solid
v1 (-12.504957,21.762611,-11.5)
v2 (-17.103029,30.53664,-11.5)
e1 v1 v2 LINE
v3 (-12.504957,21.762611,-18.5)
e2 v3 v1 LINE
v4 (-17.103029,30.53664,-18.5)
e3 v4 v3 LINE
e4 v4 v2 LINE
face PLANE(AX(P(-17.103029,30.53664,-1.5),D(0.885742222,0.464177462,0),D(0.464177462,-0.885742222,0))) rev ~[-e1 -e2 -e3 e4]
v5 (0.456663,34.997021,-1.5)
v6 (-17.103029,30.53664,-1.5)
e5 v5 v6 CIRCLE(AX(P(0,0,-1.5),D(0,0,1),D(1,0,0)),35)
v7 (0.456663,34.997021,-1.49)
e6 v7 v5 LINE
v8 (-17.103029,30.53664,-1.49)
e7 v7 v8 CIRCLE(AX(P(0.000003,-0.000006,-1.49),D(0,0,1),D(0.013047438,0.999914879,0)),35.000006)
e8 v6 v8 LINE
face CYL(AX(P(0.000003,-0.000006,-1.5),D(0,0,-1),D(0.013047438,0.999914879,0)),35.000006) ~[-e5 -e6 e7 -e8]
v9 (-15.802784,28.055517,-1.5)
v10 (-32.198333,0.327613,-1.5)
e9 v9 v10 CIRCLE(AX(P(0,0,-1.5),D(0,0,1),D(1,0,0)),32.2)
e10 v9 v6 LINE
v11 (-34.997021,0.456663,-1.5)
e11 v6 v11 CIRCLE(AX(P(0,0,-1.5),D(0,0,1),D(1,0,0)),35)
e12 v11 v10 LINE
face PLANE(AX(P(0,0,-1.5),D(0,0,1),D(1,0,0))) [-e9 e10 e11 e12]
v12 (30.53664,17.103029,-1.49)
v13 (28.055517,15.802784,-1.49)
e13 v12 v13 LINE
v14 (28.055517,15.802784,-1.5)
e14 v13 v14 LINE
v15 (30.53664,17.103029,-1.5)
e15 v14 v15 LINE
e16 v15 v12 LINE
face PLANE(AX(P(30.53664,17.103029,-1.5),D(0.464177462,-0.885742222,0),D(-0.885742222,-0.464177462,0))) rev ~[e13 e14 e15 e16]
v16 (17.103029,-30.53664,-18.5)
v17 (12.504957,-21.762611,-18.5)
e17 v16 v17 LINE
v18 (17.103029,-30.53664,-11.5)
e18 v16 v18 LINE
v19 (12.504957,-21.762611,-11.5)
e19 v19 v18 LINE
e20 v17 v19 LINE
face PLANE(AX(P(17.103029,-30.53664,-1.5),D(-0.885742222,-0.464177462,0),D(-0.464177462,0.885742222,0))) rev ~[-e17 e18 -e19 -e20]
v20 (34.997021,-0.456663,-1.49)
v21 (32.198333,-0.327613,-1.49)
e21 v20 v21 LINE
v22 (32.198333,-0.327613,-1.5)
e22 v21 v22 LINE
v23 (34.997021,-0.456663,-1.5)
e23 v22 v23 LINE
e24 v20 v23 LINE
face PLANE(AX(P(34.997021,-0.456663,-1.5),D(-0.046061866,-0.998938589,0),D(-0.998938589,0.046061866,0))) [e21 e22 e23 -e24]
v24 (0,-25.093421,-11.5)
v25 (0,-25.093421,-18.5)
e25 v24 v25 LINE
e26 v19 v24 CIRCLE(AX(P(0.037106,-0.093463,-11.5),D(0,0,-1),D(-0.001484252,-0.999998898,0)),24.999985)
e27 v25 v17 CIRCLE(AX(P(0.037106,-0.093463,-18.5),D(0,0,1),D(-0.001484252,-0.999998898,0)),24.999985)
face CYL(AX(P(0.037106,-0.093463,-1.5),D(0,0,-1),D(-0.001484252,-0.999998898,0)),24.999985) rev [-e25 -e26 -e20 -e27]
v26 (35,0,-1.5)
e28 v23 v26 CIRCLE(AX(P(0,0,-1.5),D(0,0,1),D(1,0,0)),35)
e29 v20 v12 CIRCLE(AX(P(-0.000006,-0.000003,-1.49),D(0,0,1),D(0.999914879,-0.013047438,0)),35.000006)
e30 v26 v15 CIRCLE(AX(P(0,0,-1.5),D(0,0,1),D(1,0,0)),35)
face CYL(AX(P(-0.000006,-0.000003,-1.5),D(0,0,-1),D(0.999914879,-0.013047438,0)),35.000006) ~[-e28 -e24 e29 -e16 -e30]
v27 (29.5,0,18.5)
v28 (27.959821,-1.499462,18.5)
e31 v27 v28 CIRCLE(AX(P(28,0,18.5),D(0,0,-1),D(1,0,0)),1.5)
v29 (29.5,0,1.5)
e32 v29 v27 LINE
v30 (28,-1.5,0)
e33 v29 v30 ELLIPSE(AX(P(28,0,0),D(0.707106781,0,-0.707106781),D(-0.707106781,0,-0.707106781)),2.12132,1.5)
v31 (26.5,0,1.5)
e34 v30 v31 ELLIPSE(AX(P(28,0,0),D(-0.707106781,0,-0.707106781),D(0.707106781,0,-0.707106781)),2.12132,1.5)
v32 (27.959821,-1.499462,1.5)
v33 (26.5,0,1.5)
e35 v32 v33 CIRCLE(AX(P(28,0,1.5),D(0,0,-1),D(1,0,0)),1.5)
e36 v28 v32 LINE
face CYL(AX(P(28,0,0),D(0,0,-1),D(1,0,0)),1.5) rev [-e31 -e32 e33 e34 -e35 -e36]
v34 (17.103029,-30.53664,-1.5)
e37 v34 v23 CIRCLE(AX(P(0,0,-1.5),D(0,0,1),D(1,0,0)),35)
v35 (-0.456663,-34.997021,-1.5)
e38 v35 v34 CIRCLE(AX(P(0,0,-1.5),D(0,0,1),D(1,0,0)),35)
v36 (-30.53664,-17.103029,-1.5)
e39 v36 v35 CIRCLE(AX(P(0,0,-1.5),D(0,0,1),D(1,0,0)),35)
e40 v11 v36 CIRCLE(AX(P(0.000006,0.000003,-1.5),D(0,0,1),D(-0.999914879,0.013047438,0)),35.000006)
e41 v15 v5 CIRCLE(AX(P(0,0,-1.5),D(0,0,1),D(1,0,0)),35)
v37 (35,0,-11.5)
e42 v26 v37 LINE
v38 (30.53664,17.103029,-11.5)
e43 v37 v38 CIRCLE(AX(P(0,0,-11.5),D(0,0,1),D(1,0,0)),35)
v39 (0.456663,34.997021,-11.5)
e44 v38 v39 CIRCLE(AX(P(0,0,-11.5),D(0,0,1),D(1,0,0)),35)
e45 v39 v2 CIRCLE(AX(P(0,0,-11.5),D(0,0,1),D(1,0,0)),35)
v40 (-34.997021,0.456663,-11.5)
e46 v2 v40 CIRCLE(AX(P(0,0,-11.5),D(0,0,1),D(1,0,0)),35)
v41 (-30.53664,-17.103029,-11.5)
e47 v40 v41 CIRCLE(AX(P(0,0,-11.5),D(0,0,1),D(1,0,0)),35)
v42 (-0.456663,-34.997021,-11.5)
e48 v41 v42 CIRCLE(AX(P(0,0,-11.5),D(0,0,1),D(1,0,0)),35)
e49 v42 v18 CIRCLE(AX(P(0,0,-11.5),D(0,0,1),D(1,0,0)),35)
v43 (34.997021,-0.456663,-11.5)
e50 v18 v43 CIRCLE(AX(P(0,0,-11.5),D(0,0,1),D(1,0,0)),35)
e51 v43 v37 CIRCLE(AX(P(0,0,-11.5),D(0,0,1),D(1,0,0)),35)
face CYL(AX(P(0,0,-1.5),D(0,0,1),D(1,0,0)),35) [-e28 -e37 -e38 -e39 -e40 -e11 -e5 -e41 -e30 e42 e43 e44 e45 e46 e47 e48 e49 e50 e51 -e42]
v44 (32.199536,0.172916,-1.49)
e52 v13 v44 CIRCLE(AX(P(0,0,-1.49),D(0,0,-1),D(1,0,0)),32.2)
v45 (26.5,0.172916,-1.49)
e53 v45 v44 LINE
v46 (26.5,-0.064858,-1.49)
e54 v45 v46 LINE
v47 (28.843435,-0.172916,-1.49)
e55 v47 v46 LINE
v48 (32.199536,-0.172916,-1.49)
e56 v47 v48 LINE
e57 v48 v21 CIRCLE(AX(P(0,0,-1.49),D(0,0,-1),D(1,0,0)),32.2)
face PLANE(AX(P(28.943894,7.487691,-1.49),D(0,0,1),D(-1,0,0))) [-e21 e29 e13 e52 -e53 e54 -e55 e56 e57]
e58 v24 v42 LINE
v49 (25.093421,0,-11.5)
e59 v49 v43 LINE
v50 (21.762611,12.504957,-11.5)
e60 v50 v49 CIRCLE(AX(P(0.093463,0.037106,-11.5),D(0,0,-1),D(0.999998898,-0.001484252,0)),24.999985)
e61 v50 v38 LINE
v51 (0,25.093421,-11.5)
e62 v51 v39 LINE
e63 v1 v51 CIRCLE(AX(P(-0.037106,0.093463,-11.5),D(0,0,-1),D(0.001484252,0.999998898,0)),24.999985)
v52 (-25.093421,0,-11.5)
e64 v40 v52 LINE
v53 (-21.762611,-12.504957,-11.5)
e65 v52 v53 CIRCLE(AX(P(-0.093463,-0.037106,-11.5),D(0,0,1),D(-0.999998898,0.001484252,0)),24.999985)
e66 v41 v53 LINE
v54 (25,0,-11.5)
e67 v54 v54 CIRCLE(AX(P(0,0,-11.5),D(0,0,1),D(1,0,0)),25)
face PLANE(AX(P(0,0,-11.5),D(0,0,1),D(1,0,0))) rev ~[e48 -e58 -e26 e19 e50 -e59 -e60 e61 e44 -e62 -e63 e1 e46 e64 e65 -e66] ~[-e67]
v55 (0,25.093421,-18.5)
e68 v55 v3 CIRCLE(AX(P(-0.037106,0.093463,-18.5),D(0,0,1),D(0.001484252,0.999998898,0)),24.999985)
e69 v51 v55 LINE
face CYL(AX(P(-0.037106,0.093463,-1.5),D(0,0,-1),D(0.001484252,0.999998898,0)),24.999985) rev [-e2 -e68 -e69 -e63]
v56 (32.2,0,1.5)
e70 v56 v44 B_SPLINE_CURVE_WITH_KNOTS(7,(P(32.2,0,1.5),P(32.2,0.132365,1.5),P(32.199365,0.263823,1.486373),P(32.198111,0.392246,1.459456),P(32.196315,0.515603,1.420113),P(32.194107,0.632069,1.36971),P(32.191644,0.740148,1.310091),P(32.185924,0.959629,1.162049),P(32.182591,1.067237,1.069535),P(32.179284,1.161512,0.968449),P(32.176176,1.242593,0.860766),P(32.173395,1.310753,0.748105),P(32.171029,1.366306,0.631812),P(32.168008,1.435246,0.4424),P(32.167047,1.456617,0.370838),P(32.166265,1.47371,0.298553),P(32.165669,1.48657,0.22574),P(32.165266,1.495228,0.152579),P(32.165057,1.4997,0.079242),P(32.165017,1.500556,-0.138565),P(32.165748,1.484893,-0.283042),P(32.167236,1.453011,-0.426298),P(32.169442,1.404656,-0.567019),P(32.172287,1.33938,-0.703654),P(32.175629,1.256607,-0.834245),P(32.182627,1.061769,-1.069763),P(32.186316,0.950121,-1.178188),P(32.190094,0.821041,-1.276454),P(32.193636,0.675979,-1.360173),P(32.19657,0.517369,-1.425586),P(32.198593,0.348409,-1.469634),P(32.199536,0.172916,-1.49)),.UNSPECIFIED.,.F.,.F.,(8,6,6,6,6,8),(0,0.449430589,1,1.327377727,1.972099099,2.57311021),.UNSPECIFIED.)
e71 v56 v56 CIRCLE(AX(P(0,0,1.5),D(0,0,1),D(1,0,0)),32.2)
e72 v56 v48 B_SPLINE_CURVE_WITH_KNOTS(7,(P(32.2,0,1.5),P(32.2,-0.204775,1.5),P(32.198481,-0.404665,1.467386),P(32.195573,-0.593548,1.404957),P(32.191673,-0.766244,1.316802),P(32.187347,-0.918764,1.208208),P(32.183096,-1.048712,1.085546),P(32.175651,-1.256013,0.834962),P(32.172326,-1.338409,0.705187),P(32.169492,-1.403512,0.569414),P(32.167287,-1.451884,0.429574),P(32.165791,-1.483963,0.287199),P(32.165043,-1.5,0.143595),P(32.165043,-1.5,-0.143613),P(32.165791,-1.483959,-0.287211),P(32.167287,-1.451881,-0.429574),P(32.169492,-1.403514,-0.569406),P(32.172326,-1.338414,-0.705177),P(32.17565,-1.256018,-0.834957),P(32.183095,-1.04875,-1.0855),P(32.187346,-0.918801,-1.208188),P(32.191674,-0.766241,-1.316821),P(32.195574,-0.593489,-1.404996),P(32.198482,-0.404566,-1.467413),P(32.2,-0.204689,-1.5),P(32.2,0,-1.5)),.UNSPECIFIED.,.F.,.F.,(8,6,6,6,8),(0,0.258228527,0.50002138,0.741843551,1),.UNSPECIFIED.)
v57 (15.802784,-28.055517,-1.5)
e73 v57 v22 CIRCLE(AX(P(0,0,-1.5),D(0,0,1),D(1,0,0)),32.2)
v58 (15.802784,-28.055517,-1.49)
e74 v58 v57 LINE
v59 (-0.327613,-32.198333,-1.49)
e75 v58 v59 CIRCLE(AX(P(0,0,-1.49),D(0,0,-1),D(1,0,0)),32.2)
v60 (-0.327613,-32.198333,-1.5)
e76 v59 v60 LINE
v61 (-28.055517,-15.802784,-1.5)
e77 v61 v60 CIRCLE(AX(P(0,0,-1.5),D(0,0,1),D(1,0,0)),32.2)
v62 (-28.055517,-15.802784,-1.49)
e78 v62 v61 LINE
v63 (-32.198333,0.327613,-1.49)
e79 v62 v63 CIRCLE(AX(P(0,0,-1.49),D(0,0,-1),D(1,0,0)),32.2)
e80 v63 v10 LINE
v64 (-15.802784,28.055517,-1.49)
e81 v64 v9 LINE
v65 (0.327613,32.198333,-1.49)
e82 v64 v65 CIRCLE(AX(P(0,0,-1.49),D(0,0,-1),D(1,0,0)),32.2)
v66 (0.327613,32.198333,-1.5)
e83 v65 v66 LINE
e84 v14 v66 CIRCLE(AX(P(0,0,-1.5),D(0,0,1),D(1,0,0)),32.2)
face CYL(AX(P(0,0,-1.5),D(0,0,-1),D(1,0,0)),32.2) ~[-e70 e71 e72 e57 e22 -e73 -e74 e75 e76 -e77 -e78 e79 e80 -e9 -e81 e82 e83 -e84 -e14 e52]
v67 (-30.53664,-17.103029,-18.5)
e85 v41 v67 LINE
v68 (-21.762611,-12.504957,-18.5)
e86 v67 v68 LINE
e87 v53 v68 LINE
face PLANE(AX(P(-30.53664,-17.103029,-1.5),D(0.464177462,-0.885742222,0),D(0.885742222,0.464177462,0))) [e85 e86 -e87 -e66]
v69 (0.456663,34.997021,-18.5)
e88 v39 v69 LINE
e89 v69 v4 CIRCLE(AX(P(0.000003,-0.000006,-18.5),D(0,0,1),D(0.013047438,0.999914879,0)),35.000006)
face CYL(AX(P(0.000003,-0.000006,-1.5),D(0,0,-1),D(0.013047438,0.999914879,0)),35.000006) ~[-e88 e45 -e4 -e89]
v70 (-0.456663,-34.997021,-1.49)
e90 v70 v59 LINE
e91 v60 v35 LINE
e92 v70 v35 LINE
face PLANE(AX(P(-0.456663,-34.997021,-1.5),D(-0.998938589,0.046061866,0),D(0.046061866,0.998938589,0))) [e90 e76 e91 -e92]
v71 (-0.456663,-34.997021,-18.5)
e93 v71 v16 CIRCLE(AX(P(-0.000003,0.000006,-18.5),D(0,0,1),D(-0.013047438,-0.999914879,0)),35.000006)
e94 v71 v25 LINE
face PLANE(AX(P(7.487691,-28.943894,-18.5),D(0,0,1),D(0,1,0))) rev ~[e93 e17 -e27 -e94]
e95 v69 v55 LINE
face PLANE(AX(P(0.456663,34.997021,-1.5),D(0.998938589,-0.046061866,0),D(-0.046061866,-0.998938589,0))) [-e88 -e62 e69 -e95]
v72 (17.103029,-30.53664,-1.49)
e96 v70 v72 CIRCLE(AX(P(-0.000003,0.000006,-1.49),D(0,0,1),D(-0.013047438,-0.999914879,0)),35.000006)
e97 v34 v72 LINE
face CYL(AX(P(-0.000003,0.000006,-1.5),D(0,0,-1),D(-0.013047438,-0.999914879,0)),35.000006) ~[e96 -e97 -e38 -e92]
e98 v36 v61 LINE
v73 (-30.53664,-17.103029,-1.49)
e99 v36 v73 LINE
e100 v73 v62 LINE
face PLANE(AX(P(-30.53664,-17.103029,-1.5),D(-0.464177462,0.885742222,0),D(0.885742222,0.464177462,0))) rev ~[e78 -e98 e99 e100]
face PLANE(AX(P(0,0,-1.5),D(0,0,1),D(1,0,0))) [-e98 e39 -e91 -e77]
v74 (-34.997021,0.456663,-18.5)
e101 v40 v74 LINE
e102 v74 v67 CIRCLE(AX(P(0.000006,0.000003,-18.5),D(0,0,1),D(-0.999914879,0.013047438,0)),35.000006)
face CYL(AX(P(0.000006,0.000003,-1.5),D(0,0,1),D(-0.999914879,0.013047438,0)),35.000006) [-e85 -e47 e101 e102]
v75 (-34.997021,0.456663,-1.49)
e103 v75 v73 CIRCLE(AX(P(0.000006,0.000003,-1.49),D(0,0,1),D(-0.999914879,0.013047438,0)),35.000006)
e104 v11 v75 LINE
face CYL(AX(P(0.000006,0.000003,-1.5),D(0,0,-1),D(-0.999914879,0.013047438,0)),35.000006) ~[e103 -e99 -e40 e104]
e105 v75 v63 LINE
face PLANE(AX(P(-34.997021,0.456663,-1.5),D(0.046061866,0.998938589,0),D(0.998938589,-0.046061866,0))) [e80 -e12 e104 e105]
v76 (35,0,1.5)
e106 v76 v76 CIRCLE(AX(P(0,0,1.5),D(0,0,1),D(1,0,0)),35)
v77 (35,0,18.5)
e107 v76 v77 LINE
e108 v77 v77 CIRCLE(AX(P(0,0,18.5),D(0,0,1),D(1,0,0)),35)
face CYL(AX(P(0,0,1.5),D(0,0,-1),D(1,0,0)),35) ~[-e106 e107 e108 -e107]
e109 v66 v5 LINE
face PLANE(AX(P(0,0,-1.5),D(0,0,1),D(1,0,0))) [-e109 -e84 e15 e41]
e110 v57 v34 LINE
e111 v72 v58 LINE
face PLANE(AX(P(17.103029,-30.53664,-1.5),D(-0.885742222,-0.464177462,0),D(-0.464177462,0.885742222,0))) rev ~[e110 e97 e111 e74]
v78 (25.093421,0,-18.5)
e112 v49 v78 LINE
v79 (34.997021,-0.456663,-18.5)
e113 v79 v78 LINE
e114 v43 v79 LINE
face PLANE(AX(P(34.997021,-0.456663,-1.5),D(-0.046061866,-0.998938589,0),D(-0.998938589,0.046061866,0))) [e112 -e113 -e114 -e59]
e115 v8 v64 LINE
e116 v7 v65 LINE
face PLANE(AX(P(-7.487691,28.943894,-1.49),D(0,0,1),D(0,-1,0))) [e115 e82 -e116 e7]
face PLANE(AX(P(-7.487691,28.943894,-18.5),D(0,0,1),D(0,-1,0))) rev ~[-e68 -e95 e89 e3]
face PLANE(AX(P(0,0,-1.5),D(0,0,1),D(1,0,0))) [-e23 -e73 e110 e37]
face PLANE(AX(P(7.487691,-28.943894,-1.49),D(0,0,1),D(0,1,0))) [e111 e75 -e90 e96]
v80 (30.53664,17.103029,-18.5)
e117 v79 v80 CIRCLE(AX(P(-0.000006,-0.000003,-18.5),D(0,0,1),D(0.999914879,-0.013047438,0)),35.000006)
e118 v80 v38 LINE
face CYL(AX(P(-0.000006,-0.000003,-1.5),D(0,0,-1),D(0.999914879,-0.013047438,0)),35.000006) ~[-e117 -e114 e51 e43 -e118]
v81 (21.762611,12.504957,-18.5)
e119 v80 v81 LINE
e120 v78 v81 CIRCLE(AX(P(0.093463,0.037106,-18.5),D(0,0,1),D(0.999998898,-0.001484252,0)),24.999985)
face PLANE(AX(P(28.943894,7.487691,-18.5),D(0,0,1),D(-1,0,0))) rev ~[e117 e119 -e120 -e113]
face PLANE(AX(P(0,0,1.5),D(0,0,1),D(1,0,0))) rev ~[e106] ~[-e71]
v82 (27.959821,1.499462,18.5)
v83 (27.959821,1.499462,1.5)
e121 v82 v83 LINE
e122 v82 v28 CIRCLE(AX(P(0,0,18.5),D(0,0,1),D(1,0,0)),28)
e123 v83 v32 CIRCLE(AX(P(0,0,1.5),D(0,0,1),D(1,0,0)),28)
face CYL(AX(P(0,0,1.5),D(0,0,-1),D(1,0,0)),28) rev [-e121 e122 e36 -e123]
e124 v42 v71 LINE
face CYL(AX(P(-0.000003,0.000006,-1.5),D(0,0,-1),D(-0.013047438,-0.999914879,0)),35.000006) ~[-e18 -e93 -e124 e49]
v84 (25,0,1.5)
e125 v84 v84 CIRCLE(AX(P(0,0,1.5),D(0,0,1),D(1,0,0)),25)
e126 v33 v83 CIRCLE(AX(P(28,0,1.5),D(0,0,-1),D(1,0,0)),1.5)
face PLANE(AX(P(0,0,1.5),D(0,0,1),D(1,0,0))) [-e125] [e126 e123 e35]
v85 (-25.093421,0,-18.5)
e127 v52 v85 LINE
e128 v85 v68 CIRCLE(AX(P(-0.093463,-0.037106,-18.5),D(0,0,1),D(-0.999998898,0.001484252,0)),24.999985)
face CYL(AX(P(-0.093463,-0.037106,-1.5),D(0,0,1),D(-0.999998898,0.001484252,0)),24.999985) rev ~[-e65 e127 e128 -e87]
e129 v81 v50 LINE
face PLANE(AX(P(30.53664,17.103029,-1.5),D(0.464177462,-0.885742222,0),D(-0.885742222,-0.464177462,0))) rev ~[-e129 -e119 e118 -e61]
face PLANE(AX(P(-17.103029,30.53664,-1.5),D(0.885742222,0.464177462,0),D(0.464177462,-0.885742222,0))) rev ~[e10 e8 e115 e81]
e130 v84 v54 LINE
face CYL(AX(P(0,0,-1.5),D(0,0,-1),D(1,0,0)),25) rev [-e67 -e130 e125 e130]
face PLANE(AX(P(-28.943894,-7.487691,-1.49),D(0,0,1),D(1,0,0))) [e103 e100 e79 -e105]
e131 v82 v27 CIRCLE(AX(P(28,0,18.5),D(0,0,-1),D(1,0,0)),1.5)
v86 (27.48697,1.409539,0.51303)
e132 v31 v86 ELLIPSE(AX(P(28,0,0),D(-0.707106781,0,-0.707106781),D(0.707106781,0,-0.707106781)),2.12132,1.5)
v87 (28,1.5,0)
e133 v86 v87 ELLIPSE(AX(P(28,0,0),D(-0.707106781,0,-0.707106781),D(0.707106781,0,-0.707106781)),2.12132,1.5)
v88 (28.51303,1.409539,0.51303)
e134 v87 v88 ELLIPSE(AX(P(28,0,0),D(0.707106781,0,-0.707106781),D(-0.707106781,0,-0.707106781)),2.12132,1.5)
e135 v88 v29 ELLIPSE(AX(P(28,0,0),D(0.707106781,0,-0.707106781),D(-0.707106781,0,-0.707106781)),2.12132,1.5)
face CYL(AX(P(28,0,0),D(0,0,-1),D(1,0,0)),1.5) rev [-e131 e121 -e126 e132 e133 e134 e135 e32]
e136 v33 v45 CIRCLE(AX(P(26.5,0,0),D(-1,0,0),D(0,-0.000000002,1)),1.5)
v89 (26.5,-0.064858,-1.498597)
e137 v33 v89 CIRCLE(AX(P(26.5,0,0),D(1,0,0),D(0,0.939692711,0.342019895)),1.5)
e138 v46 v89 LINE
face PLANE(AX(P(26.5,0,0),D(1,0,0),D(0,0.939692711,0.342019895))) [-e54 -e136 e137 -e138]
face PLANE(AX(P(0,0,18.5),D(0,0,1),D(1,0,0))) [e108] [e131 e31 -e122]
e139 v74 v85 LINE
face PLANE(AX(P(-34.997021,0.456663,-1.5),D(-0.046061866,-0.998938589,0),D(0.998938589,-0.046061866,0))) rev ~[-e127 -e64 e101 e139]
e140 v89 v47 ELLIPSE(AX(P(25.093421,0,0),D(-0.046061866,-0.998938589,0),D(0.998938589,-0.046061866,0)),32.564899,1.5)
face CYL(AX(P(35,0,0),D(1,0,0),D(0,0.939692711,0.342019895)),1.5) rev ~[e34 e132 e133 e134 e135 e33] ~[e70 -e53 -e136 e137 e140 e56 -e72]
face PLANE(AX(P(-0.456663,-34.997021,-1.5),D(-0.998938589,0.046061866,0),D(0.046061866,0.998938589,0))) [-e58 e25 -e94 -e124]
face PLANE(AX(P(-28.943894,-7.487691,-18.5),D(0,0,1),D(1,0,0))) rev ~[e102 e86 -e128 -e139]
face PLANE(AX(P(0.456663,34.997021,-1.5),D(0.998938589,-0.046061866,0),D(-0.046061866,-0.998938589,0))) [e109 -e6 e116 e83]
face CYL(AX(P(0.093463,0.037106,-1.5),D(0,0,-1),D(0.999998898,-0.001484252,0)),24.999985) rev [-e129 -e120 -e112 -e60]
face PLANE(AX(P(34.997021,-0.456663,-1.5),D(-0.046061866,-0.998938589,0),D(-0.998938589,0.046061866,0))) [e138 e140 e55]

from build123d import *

# Parameters (mm, degrees)
SKETCH005_R          = 35
SKETCH005_R_2        = 25
PAD_DEPTH            = 10
SKETCH006_R          = 32.2
SKETCH006_R_2        = 25
PAD001_DEPTH         = 3
SKETCH_R             = 35
SKETCH_R_2           = 28
PAD002_DEPTH         = 17
SKETCH004_R          = 1.5
POCKET_DEPTH         = 20
SKETCH003_R          = 1.5
POCKET001_DEPTH      = 8.5
POCKET001_DEPTH_BACK = 100
PAD003_DEPTH         = 0.01
PAD003_DEPTH_BACK    = 17
POLARPATTERN_COUNT   = 4


with BuildPart() as part:
    # Sketch005 → Pad (new body)
    with BuildSketch(Plane.XY.offset(-1.5)):
        Circle(SKETCH005_R)
        Circle(SKETCH005_R_2, mode=Mode.SUBTRACT)
    extrude(amount=-PAD_DEPTH)

    # Sketch006 → Pad001 (join)
    with BuildSketch(Plane.XY.offset(-1.5)):
        Circle(SKETCH006_R)
        Circle(SKETCH006_R_2, mode=Mode.SUBTRACT)
    extrude(amount=PAD001_DEPTH)

    # Sketch → Pad002 (join)
    with BuildSketch(Plane.XY.offset(1.5)):
        Circle(SKETCH_R)
        Circle(SKETCH_R_2, mode=Mode.SUBTRACT)
    extrude(amount=PAD002_DEPTH)

    # Sketch004 → Pocket (cut)
    with BuildSketch(Plane(origin=(28, 0, 0), x_dir=(1, 0, 0), z_dir=(0, 0, 1))):
        Circle(SKETCH004_R)
    extrude(amount=POCKET_DEPTH, mode=Mode.SUBTRACT)

    # Sketch003 → Pocket001 (cut, two sides)
    with BuildSketch(Plane(origin=(35, 0, 0), x_dir=(0, 0.939693, 0.34202), z_dir=(1, 0, 0))) as pocket001_sk:
        Circle(SKETCH003_R)
    extrude(amount=-POCKET001_DEPTH, mode=Mode.SUBTRACT)
    extrude(pocket001_sk.sketch, amount=POCKET001_DEPTH_BACK, mode=Mode.SUBTRACT)

    # Sketch002 → Pad003 (join, two sides)
    with BuildSketch(Plane.XY.offset(-1.5)) as pad003_sk:
        with BuildLine():
            ThreePointArc((-34.997021, 0.456663), (-33.922719, -8.616793), (-30.53664, -17.103029))
            Line((-30.53664, -17.103029), (-21.762611, -12.504957))
            ThreePointArc((-25.093421, 0), (-24.251171, -6.471733), (-21.762611, -12.504957))
            Line((-34.997021, 0.456663), (-25.093421, 0))
        make_face()
    pad003 = extrude(amount=PAD003_DEPTH) + extrude(pad003_sk.sketch, amount=-PAD003_DEPTH_BACK)

    # PolarPattern: Pad003 ×4 about axis
    polarpattern_axis = Axis((0, 0, -1.5), (0, 0, 1))
    for i in range(1, POLARPATTERN_COUNT):
        add(pad003.rotate(polarpattern_axis, i * 360 / POLARPATTERN_COUNT))


solid = part.part
